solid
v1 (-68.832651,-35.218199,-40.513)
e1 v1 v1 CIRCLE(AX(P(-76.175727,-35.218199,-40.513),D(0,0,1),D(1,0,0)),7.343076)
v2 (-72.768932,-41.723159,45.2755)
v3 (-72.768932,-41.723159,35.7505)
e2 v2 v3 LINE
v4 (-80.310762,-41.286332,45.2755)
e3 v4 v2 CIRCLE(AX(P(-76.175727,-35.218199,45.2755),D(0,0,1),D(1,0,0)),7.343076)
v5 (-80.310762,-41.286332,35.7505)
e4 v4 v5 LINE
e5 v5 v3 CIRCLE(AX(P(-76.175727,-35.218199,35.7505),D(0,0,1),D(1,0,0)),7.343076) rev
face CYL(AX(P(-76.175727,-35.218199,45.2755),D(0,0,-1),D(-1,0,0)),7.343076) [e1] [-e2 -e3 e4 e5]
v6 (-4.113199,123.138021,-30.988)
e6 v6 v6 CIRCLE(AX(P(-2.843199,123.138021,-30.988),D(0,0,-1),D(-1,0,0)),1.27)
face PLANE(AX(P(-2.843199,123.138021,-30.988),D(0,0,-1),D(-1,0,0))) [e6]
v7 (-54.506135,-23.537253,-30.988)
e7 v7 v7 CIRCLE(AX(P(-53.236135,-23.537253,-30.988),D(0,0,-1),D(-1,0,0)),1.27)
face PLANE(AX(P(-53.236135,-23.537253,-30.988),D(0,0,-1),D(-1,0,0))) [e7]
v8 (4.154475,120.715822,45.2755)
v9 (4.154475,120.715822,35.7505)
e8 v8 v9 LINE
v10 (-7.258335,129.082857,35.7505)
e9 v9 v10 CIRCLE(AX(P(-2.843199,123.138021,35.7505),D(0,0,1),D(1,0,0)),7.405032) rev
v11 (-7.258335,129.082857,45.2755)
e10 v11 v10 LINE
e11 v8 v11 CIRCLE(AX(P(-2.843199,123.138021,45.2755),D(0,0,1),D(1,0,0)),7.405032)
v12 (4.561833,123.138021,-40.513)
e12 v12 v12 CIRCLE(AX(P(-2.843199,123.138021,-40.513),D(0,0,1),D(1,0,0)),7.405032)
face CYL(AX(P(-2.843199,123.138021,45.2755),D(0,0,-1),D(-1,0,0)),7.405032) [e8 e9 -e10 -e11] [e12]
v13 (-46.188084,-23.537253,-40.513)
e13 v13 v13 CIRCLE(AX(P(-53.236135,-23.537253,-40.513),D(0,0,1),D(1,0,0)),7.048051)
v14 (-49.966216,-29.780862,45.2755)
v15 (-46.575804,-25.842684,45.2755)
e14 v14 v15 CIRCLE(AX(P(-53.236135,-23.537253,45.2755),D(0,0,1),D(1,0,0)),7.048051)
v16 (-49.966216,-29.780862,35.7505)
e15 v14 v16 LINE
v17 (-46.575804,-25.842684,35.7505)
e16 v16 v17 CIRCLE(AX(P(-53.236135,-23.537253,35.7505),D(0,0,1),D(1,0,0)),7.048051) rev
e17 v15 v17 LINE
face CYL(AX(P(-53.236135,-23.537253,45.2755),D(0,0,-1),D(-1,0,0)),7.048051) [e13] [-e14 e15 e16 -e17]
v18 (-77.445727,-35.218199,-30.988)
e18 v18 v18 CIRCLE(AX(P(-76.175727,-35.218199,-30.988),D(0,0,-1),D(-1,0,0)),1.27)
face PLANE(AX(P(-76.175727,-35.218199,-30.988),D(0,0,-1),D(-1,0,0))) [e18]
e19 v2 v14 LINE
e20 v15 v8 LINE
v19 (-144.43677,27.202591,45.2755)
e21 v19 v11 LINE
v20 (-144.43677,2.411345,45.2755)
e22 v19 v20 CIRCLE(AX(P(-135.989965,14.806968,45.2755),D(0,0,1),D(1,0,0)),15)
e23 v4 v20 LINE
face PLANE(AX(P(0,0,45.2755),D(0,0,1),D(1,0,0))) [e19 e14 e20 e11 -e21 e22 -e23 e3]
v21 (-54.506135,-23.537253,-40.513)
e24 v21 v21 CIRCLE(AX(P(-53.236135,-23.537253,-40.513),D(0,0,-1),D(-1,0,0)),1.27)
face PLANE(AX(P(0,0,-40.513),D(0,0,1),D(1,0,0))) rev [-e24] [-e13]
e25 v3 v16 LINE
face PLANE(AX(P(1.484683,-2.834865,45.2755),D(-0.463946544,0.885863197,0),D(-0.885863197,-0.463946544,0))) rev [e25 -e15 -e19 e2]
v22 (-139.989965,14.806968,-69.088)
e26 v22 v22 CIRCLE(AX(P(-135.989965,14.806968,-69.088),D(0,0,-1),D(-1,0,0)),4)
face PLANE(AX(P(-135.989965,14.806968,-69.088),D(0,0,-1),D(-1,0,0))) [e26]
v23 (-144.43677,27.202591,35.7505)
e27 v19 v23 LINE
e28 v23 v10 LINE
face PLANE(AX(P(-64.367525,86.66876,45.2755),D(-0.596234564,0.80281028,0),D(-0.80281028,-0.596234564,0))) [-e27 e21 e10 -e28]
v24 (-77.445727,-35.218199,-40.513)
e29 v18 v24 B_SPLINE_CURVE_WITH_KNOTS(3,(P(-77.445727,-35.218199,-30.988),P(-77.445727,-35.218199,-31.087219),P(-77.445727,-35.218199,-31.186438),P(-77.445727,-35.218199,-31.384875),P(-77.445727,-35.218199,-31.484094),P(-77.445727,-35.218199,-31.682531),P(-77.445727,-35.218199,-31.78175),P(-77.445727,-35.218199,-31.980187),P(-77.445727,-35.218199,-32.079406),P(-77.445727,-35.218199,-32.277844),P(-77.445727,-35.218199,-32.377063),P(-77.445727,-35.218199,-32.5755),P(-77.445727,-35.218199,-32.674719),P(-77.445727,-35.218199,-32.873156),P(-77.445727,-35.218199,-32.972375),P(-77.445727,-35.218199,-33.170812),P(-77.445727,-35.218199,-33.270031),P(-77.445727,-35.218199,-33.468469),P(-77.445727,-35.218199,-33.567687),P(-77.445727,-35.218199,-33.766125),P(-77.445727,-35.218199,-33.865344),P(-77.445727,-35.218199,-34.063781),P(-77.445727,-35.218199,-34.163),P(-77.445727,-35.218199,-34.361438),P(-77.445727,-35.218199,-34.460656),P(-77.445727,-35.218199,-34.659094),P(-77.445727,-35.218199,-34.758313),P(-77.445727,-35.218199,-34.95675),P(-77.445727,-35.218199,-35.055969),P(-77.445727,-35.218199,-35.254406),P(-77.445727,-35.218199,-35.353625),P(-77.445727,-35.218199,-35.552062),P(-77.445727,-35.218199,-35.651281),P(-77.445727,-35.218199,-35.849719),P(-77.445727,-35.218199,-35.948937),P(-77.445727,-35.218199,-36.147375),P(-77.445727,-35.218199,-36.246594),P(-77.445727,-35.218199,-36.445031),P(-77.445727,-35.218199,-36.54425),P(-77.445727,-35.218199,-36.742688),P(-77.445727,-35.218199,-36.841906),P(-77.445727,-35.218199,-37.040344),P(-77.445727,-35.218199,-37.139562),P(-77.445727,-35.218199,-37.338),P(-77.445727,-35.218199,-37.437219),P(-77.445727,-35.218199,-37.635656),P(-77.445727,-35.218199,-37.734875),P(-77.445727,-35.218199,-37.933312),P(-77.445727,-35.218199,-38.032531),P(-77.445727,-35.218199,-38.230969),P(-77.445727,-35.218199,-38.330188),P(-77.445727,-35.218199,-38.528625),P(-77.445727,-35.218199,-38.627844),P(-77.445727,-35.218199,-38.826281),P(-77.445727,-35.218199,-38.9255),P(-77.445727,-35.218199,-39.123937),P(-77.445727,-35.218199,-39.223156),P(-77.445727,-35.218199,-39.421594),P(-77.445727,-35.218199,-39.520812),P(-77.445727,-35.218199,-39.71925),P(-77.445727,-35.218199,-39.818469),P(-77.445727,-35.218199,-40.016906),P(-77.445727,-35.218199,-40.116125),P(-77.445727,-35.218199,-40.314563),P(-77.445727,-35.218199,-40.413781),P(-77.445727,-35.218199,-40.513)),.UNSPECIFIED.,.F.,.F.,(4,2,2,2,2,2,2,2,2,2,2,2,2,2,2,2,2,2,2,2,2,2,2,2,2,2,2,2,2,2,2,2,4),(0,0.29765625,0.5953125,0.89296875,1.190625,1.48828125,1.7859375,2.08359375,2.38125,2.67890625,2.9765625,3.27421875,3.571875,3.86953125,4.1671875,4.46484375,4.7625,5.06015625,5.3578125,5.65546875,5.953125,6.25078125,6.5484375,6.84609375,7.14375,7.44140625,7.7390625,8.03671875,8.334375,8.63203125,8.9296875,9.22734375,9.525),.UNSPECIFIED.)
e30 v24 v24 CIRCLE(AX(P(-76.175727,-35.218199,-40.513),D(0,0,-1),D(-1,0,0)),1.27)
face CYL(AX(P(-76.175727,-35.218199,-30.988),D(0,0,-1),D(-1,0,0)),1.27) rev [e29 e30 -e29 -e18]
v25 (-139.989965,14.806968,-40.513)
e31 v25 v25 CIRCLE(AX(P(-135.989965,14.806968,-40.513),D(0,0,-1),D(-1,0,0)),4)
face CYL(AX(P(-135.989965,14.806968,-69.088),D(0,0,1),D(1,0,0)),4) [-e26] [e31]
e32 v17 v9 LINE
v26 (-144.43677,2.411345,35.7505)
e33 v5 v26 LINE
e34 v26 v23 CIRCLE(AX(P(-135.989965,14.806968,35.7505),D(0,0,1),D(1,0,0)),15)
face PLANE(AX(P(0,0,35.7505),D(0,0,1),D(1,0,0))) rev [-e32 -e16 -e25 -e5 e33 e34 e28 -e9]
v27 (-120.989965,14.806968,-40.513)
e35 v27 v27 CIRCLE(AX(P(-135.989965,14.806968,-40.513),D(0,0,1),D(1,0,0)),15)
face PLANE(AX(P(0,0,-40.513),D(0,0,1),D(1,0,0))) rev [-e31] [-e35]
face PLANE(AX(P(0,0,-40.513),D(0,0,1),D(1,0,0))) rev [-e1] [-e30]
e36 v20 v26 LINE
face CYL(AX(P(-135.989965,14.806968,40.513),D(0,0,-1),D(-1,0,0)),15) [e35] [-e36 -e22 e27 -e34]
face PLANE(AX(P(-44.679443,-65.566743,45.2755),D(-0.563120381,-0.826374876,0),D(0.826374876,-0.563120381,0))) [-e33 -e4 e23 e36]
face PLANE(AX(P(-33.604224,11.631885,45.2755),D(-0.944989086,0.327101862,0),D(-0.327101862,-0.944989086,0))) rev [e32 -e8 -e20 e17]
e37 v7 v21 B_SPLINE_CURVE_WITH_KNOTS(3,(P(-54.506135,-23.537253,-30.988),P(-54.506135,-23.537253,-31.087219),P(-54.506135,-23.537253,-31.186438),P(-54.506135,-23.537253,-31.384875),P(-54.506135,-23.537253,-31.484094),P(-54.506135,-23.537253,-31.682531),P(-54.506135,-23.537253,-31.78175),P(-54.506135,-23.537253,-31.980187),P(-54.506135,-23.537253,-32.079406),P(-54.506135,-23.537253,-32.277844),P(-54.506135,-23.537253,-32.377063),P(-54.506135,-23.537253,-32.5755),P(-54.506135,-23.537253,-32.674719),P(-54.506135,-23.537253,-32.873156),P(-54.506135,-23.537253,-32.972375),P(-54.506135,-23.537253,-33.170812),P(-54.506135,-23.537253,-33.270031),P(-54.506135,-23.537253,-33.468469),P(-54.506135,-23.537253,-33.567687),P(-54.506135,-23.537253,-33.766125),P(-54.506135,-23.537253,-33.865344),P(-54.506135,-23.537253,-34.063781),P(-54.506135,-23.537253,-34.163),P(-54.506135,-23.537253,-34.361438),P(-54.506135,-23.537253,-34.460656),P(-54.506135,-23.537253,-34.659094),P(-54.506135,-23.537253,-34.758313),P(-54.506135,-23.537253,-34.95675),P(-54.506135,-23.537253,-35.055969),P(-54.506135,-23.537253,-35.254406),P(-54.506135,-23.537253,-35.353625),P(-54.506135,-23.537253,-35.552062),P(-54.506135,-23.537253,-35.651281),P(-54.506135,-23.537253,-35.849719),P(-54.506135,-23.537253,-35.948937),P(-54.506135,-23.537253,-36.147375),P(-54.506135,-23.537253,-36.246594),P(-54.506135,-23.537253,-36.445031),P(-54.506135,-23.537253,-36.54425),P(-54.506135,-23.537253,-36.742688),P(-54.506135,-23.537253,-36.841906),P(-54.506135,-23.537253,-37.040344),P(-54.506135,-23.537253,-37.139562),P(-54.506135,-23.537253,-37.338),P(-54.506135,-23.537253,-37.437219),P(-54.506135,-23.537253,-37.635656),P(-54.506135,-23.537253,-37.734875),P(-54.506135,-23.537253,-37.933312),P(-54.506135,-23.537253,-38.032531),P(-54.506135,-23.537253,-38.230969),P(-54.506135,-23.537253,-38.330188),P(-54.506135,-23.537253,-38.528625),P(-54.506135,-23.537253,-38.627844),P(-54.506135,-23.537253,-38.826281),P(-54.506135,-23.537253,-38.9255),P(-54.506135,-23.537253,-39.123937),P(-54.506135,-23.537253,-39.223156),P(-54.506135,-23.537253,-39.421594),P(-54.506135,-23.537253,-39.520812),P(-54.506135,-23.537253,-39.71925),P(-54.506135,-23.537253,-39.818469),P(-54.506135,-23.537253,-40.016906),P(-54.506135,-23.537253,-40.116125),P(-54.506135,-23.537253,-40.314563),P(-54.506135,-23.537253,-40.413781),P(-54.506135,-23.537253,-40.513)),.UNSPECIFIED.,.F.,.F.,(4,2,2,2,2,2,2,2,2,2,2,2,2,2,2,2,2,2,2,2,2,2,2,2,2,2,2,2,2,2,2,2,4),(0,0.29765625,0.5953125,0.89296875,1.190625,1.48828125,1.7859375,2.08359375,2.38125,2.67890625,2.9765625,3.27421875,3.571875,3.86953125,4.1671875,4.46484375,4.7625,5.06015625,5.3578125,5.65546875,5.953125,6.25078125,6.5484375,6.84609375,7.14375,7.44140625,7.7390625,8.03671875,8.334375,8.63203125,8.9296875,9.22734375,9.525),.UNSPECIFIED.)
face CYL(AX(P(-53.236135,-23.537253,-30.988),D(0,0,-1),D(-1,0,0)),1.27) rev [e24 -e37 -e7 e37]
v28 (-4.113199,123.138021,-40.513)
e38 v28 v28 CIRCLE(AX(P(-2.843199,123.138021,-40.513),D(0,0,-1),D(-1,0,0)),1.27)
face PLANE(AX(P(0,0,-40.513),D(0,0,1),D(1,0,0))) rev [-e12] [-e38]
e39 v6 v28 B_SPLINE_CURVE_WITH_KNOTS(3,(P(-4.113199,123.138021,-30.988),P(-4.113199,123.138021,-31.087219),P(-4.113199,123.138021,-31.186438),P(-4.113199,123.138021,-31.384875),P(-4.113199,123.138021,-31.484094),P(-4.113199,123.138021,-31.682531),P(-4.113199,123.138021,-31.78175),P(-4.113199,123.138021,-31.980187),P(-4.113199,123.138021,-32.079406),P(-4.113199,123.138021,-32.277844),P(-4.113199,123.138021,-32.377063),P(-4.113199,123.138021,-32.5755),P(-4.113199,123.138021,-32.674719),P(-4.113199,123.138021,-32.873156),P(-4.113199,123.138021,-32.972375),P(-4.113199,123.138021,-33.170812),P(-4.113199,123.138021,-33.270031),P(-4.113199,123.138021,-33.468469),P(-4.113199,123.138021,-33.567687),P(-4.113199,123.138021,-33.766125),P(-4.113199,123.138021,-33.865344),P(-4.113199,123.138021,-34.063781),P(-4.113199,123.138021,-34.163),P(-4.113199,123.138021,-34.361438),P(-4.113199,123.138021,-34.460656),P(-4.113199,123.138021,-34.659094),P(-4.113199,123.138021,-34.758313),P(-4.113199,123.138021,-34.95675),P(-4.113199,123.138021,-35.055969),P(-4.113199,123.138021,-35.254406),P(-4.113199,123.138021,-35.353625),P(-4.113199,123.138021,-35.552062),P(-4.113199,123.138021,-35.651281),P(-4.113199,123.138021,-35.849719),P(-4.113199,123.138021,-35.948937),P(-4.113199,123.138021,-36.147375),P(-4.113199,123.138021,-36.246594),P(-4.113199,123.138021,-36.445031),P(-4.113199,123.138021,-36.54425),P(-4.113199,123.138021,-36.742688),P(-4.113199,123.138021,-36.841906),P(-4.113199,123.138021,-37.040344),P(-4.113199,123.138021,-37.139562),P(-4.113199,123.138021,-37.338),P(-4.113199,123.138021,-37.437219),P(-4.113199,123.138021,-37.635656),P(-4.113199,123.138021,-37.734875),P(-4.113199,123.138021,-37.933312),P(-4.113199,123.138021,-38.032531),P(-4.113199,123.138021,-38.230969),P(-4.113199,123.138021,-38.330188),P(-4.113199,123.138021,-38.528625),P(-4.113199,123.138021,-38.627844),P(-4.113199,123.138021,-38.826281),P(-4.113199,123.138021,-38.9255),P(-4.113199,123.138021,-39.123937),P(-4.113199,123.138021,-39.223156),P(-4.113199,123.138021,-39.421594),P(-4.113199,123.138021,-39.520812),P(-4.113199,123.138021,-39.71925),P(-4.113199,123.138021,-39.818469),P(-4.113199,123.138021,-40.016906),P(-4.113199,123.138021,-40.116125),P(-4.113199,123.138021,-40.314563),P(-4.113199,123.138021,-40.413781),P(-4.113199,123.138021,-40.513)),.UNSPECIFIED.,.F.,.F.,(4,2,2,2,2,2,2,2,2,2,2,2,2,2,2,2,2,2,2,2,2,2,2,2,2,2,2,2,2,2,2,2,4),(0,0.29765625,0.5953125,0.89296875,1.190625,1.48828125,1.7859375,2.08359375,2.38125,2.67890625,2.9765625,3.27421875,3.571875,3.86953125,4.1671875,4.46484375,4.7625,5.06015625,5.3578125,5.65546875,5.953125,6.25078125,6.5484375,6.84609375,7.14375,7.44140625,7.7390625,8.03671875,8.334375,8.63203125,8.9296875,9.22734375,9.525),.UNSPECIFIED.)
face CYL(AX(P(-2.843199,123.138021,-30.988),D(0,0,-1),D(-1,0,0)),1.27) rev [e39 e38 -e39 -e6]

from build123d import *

# Parameters (mm, degrees)
SKETCH2_R             = 15
BOSS_EXTRUDE5_DEPTH   = 40.513
SKETCH2_R_2           = 7.343075537
BOSS_EXTRUDE5_2_DEPTH = 40.513
SKETCH2_R_3           = 7.048050761
BOSS_EXTRUDE5_3_DEPTH = 40.513
SKETCH2_R_4           = 7.405031705
BOSS_EXTRUDE5_4_DEPTH = 40.513
BOSS_EXTRUDE6_DEPTH   = 4.7625
SKETCH9_R             = 1.27
CUT_EXTRUDE2_DEPTH    = 9.525
SKETCH10_R            = 4
BOSS_EXTRUDE7_DEPTH   = 28.575


with BuildPart() as part:
    # Sketch2 → Boss-Extrude5 (new, symmetric)
    with BuildSketch(Plane.XY):
        with Locations((-135.989964622, 14.806967819)):
            Circle(SKETCH2_R)
    extrude(amount=BOSS_EXTRUDE5_DEPTH, both=True)



with BuildPart() as body_2:
    # Sketch2 → Boss-Extrude5 2 (new, symmetric)
    with BuildSketch(Plane.XY):
        with Locations((-76.175726851, -35.218198752)):
            Circle(SKETCH2_R_2)
    extrude(amount=BOSS_EXTRUDE5_2_DEPTH, both=True)


with BuildPart() as body_3:
    # Sketch2 → Boss-Extrude5 3 (new, symmetric)
    with BuildSketch(Plane.XY):
        with Locations((-53.236134933, -23.53725338)):
            Circle(SKETCH2_R_3)
    extrude(amount=BOSS_EXTRUDE5_3_DEPTH, both=True)


with BuildPart() as body_4:
    # Sketch2 → Boss-Extrude5 4 (new, symmetric)
    with BuildSketch(Plane.XY):
        with Locations((-2.84319901, 123.138021163)):
            Circle(SKETCH2_R_4)
    extrude(amount=BOSS_EXTRUDE5_4_DEPTH, both=True)


with BuildPart() as part_1:
    add(part.part)

    add(body_2.part)  # Boss-Extrude6 merges body 2

    add(body_3.part)  # Boss-Extrude6 merges body 3

    add(body_4.part)  # Boss-Extrude6 merges body 4
    # Sketch6 → Boss-Extrude6 (add, symmetric)
    with BuildSketch(Plane.XY.offset(40.513)):
        with BuildLine():
            Line((-144.43677034, 2.411344674), (-80.310762347, -41.286331891))
            ThreePointArc((-80.310762347, -41.286331891), (-76.600330476, -42.54898794), (-72.768932333, -41.723159126))
            Line((-72.768932333, -41.723159126), (-49.966216141, -29.780862162))
            ThreePointArc((-49.966216141, -29.780862162), (-47.894807622, -28.135648979), (-46.575803889, -25.842683907))
            Line((-46.575803889, -25.842683907), (4.15447513, 120.715821505))
            ThreePointArc((4.15447513, 120.715821505), (1.535064989, 129.110064273), (-7.258334859, 129.082856736))
            Line((-7.258334859, 129.082856736), (-144.43677034, 27.202590964))
            ThreePointArc((-144.43677034, 27.202590964), (-150.989964622, 14.806967819), (-144.43677034, 2.411344674))
        make_face()
    extrude(amount=BOSS_EXTRUDE6_DEPTH, both=True)

    # Sketch9 → Cut-Extrude2 (cut)
    with BuildSketch(Plane(origin=(0, 0, -40.513), x_dir=(-1, 0, 0), z_dir=(0, 0, -1))):
        with Locations((53.236134933, -23.53725338)):
            Circle(SKETCH9_R)
        with Locations((76.175726851, -35.218198752)):
            Circle(SKETCH9_R)
        with Locations((2.84319901, 123.138021163)):
            Circle(SKETCH9_R)
    extrude(amount=-CUT_EXTRUDE2_DEPTH, mode=Mode.SUBTRACT)

    # Sketch10 → Boss-Extrude7 (add)
    with BuildSketch(Plane(origin=(0, 0, -40.513), x_dir=(-1, 0, 0), z_dir=(0, 0, -1))):
        with Locations((135.989964622, 14.806967819)):
            Circle(SKETCH10_R)
    extrude(amount=BOSS_EXTRUDE7_DEPTH)


solid = part_1.part
